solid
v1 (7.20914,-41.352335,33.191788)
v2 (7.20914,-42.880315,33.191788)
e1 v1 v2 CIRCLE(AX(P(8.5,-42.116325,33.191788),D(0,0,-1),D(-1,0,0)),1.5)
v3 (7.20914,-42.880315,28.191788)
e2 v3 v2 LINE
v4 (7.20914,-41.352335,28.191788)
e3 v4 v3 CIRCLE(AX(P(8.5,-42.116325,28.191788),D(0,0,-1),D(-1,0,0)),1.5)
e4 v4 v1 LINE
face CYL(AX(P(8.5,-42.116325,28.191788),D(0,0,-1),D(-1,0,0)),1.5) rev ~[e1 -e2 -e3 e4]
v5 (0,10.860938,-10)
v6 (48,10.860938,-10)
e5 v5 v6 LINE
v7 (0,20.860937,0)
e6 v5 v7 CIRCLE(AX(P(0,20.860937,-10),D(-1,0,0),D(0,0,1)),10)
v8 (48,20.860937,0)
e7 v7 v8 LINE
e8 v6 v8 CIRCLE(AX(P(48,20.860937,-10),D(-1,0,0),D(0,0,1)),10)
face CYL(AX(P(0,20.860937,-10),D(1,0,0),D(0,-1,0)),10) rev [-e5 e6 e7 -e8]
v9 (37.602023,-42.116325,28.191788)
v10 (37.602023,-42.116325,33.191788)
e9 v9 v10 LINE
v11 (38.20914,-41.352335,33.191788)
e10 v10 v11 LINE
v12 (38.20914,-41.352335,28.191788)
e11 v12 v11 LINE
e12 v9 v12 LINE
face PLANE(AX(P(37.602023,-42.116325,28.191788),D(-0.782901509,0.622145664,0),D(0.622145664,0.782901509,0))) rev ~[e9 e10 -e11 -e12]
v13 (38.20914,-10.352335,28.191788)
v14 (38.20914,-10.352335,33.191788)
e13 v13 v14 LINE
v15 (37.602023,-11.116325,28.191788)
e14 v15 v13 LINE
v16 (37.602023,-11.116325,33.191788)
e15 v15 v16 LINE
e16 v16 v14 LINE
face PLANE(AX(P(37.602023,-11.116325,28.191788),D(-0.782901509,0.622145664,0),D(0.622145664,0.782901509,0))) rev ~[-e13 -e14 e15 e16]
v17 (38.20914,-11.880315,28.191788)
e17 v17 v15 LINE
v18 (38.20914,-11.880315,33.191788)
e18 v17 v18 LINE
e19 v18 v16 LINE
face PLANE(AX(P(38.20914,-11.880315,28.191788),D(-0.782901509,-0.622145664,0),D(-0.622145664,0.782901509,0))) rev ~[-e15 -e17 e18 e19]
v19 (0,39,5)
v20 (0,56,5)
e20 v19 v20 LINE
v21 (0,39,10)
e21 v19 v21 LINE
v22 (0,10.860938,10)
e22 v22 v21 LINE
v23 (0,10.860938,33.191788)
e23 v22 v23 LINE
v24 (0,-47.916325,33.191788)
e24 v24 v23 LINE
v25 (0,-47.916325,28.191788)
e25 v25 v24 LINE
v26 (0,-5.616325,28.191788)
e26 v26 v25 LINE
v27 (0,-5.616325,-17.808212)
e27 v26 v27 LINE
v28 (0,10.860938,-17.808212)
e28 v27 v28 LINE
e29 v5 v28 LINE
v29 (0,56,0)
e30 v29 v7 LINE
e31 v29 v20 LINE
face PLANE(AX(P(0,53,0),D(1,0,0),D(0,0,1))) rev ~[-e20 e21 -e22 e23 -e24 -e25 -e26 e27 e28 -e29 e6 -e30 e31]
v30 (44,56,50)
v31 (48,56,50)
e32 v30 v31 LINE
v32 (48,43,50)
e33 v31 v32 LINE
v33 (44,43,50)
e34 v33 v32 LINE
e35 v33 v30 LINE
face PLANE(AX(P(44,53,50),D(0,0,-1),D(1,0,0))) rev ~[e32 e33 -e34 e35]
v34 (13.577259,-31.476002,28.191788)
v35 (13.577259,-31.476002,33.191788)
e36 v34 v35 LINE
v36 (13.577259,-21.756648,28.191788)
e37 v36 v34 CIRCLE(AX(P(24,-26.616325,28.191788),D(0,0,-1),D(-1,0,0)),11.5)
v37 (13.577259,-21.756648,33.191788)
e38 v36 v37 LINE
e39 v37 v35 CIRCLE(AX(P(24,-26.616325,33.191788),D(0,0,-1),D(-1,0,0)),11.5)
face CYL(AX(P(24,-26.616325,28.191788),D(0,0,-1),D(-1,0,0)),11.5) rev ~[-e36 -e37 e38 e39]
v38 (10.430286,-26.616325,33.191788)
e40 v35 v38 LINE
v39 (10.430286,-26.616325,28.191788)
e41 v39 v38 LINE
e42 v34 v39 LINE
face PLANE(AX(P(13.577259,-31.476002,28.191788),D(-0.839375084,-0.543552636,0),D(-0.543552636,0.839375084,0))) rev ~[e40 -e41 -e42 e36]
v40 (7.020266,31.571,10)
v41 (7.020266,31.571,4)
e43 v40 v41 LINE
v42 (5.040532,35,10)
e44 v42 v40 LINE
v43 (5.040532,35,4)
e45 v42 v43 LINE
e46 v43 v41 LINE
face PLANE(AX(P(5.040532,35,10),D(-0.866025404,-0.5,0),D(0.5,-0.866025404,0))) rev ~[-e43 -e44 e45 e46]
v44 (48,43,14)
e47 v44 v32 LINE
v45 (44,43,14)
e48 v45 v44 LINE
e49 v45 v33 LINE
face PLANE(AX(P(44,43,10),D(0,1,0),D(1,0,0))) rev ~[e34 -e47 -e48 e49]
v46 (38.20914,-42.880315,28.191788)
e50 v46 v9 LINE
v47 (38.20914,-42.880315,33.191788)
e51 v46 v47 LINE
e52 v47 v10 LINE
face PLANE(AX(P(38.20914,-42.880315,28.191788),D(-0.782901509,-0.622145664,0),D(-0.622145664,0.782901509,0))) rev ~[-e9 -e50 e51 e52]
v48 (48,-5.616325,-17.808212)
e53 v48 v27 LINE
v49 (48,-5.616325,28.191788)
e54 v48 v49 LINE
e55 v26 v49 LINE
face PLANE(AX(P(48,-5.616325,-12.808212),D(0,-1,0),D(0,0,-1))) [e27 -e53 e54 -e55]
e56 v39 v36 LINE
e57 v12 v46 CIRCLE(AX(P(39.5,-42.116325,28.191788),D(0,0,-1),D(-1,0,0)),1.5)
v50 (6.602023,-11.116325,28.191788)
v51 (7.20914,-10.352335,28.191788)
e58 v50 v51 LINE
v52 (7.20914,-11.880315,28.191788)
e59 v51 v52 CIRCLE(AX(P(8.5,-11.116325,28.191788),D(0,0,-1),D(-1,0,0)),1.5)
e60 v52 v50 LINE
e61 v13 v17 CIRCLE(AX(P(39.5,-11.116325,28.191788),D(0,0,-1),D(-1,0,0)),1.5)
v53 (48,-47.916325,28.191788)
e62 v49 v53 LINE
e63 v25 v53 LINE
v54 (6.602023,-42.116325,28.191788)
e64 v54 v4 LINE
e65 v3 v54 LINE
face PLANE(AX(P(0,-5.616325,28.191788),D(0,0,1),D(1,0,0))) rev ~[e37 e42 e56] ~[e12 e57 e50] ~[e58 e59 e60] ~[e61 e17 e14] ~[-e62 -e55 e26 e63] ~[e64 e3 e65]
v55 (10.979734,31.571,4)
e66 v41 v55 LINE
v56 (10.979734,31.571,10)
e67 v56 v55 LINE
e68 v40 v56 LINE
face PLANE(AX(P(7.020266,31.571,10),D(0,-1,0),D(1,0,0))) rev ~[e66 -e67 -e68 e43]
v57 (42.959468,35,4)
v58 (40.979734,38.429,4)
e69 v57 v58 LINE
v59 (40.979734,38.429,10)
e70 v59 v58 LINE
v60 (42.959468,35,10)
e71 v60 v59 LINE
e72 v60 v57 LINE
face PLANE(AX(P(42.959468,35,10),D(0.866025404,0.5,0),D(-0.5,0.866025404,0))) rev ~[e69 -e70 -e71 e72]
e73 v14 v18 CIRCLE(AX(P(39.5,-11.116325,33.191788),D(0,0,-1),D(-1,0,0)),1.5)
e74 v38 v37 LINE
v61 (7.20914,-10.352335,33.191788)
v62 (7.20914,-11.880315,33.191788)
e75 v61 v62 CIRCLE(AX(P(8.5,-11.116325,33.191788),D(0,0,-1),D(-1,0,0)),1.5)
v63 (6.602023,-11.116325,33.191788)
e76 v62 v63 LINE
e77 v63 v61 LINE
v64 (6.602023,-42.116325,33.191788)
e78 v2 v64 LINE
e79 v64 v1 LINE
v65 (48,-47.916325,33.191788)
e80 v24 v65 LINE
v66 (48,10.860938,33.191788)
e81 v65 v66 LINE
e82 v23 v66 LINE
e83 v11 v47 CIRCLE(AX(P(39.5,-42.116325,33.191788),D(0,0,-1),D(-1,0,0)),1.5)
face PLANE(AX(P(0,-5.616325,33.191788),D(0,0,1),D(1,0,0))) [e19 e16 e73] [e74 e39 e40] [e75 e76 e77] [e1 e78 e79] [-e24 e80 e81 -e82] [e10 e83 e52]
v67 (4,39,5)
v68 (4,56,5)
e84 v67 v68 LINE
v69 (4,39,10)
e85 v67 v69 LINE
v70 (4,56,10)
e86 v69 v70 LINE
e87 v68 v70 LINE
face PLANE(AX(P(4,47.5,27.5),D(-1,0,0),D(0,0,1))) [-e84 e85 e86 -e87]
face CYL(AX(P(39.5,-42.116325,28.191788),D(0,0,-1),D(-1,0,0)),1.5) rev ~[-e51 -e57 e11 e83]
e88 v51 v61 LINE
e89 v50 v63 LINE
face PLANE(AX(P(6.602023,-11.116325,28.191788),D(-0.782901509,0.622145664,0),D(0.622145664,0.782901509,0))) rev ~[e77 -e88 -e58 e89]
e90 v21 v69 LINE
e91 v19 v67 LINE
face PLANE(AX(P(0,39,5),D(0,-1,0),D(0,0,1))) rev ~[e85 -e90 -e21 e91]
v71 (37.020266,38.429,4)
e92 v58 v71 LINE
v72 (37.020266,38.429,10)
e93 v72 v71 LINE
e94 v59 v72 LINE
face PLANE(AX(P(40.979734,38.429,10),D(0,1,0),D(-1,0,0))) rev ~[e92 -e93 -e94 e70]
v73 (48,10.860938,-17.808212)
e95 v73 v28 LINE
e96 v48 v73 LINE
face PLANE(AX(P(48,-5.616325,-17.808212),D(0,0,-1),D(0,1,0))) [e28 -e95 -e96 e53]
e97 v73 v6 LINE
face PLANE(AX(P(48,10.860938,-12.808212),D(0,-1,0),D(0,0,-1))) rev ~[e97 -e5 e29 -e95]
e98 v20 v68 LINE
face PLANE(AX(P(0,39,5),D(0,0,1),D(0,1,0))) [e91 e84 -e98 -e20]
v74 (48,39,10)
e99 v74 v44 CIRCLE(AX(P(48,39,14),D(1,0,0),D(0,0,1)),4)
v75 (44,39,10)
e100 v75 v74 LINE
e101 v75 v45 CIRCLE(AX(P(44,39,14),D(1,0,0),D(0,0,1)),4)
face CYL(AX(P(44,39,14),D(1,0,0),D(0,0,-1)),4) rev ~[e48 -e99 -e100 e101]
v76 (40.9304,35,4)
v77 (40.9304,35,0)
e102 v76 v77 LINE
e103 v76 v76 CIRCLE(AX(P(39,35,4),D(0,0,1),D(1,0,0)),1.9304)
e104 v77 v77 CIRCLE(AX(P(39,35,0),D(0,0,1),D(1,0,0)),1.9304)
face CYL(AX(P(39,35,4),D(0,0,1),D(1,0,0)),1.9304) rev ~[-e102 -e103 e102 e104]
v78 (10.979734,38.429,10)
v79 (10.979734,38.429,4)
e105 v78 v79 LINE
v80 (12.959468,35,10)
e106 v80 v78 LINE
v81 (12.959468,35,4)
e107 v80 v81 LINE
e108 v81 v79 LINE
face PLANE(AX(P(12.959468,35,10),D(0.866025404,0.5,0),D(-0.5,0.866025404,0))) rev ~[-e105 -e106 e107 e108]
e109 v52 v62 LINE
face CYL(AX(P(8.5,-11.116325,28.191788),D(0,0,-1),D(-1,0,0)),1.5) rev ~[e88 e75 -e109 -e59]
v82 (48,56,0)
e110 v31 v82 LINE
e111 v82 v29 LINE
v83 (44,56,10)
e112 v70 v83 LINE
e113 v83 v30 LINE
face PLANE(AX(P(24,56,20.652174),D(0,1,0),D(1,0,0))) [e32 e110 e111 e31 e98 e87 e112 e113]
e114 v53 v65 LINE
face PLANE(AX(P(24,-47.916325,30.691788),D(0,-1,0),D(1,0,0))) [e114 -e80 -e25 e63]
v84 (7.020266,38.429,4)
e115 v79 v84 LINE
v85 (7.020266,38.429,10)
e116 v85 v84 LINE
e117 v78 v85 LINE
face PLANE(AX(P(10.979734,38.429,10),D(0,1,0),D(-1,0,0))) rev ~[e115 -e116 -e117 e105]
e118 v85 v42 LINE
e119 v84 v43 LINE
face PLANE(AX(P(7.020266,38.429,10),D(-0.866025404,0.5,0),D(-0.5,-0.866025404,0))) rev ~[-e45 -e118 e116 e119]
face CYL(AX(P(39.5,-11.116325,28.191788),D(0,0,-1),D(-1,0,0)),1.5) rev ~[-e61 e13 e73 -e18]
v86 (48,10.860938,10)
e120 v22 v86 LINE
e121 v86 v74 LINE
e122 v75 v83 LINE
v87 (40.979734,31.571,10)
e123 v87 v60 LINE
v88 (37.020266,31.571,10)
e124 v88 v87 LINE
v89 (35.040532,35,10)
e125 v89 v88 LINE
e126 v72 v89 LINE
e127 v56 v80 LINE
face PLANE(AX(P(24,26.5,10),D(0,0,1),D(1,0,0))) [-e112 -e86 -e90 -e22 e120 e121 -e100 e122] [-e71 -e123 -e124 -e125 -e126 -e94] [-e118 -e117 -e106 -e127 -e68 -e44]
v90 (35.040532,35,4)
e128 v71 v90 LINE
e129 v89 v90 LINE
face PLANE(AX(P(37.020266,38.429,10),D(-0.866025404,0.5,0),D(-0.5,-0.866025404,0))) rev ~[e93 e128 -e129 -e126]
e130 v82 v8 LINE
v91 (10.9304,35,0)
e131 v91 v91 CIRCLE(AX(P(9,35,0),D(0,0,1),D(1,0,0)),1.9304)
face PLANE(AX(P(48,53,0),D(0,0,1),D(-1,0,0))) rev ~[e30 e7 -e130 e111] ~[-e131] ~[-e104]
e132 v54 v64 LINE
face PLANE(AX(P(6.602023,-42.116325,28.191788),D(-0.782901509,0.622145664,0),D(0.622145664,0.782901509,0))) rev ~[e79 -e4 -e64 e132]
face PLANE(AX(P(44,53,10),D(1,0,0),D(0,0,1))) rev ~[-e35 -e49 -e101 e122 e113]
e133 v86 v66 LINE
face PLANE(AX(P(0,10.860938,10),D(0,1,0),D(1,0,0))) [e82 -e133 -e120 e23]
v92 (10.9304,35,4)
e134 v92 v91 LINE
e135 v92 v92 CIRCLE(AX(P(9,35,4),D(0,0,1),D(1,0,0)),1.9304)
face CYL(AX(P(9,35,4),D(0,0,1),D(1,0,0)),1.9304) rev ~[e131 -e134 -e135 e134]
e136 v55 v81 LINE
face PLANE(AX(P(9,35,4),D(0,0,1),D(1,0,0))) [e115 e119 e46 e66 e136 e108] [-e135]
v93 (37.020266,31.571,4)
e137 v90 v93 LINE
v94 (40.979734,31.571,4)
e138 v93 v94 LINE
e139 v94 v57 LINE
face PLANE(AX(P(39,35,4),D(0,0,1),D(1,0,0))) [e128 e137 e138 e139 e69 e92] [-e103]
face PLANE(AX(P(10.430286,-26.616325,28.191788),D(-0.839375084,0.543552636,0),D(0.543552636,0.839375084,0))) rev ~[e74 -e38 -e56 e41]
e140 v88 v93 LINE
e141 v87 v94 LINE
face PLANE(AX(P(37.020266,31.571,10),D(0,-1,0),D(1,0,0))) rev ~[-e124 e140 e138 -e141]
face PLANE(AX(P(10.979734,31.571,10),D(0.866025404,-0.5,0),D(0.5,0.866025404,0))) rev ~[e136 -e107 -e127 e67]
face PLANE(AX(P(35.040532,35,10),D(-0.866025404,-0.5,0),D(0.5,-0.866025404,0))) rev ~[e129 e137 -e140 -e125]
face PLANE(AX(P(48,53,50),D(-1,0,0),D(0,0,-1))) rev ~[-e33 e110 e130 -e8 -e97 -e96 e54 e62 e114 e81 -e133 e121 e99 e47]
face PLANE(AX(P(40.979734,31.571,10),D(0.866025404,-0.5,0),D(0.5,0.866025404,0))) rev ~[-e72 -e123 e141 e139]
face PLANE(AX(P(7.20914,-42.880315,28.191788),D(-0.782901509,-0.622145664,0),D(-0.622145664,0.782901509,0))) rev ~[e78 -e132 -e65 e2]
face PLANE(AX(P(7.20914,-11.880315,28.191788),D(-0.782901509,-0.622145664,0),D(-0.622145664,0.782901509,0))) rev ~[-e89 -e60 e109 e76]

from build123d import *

# Parameters (mm, degrees)
SKETCH1_W            = 48
SKETCH1_H            = 53
BOSS_EXTRUDE1_DEPTH  = 10
SKETCH2_W            = 48
SKETCH2_H            = 5.616325
BOSS_EXTRUDE2_DEPTH  = 33.1917878
SKETCH4_W            = 4
SKETCH4_H            = 10
BOSS_EXTRUDE4_DEPTH  = 40
SKETCH5_W            = 48
SKETCH5_H            = 10.8609375
BOSS_EXTRUDE5_DEPTH  = 23.1917878
SKETCH6_W            = 48
SKETCH6_H            = 5
BOSS_EXTRUDE6_DEPTH  = 42.3
SKETCH7_W            = 12.8082122
SKETCH7_H            = 16.4772625
BOSS_EXTRUDE7_DEPTH  = 48
CUT_EXTRUDE1_REACH   = 84.426
SKETCH8_R            = 11.5
SKETCH8_R_2          = 1.5
FILLET1_R            = 10
FILLET2_R            = 4
SKETCH9_W            = 5
SKETCH9_H            = 16.4772625
BOSS_EXTRUDE9_DEPTH  = 48
CUT_EXTRUDE2_DEPTH   = 6
SKETCH11_R           = 1.9304
CUT_EXTRUDE3_DEPTH   = 6
BOSS_EXTRUDE11_DEPTH = 3
SKETCH14_W           = 45
SKETCH14_H           = 17
CUT_EXTRUDE4_DEPTH   = 4
CUT_EXTRUDE5_REACH   = 88.925


with BuildPart() as part:
    # Sketch1 → Boss-Extrude1 (new body)
    with BuildSketch(Plane.XY):
        with Locations((24, 26.5)):
            Rectangle(SKETCH1_W, SKETCH1_H)
    extrude(amount=BOSS_EXTRUDE1_DEPTH)

    # Sketch2 → Boss-Extrude2 (add)
    with BuildSketch(Plane(origin=(0, 0, 0), x_dir=(-1, 0, 0), z_dir=(0, 0, -1))):
        with Locations((-24, -2.8081625)):
            Rectangle(SKETCH2_W, SKETCH2_H)
    extrude(amount=-BOSS_EXTRUDE2_DEPTH)

    # Sketch4 → Boss-Extrude4 (add)
    with BuildSketch(Plane.XY.offset(10)):
        with Locations((2, 48)):
            Rectangle(SKETCH4_W, SKETCH4_H)
        with Locations((46, 48)):
            Rectangle(SKETCH4_W, SKETCH4_H)
    extrude(amount=BOSS_EXTRUDE4_DEPTH)

    # Sketch5 → Boss-Extrude5 (add)
    with BuildSketch(Plane.XY.offset(10)):
        with Locations((24, 5.43046875)):
            Rectangle(SKETCH5_W, SKETCH5_H)
    extrude(amount=BOSS_EXTRUDE5_DEPTH)

    # Sketch6 → Boss-Extrude6 (add)
    with BuildSketch(Plane.XZ.offset(5.616325)):
        with Locations((24, 30.6917878)):
            Rectangle(SKETCH6_W, SKETCH6_H)
    extrude(amount=BOSS_EXTRUDE6_DEPTH)

    # Sketch7 → Boss-Extrude7 (add)
    with BuildSketch(Plane.ZY):
        with Locations((-6.4041061, 2.62230625)):
            Rectangle(SKETCH7_W, SKETCH7_H)
    extrude(amount=-BOSS_EXTRUDE7_DEPTH)

    # Sketch8 → Cut-Extrude1 (cut, up to next)
    with BuildSketch(Plane(origin=(0, 0, 28.1917878), x_dir=(-1, 0, 0), z_dir=(0, 0, -1)), mode=Mode.PRIVATE) as cut_extrude1_sk1:
        with Locations((-24, -26.616325)):
            Circle(SKETCH8_R)
    cut_extrude1_tool1 = extrude(cut_extrude1_sk1.sketch, amount=-CUT_EXTRUDE1_REACH, mode=Mode.PRIVATE) & part.part
    # Sketch8 → Cut-Extrude1 (cut, up to next)
    with BuildSketch(Plane(origin=(0, 0, 28.1917878), x_dir=(-1, 0, 0), z_dir=(0, 0, -1)), mode=Mode.PRIVATE) as cut_extrude1_sk2:
        with Locations((-39.5, -11.116325)):
            Circle(SKETCH8_R_2)
    cut_extrude1_tool2 = extrude(cut_extrude1_sk2.sketch, amount=-CUT_EXTRUDE1_REACH, mode=Mode.PRIVATE) & part.part
    # Sketch8 → Cut-Extrude1 (cut, up to next)
    with BuildSketch(Plane(origin=(0, 0, 28.1917878), x_dir=(-1, 0, 0), z_dir=(0, 0, -1)), mode=Mode.PRIVATE) as cut_extrude1_sk3:
        with Locations((-39.5, -42.116325)):
            Circle(SKETCH8_R_2)
    cut_extrude1_tool3 = extrude(cut_extrude1_sk3.sketch, amount=-CUT_EXTRUDE1_REACH, mode=Mode.PRIVATE) & part.part
    # Sketch8 → Cut-Extrude1 (cut, up to next)
    with BuildSketch(Plane(origin=(0, 0, 28.1917878), x_dir=(-1, 0, 0), z_dir=(0, 0, -1)), mode=Mode.PRIVATE) as cut_extrude1_sk4:
        with Locations((-8.5, -11.116325)):
            Circle(SKETCH8_R_2)
    cut_extrude1_tool4 = extrude(cut_extrude1_sk4.sketch, amount=-CUT_EXTRUDE1_REACH, mode=Mode.PRIVATE) & part.part
    # Sketch8 → Cut-Extrude1 (cut, up to next)
    with BuildSketch(Plane(origin=(0, 0, 28.1917878), x_dir=(-1, 0, 0), z_dir=(0, 0, -1)), mode=Mode.PRIVATE) as cut_extrude1_sk5:
        with Locations((-8.5, -42.116325)):
            Circle(SKETCH8_R_2)
    cut_extrude1_tool5 = extrude(cut_extrude1_sk5.sketch, amount=-CUT_EXTRUDE1_REACH, mode=Mode.PRIVATE) & part.part
    add(cut_extrude1_tool1.solids().sort_by_distance((24, -26.616325, 28.191788))[0], mode=Mode.SUBTRACT)
    add(cut_extrude1_tool2.solids().sort_by_distance((39.5, -11.116325, 28.191788))[0], mode=Mode.SUBTRACT)
    add(cut_extrude1_tool3.solids().sort_by_distance((39.5, -42.116325, 28.191788))[0], mode=Mode.SUBTRACT)
    add(cut_extrude1_tool4.solids().sort_by_distance((8.5, -11.116325, 28.191788))[0], mode=Mode.SUBTRACT)
    add(cut_extrude1_tool5.solids().sort_by_distance((8.5, -42.116325, 28.191788))[0], mode=Mode.SUBTRACT)

    # Fillet1
    fillet1_edges = [part.edges().sort_by_distance(p)[0] for p in [
        (24, 10.8609375, 0),
    ]]
    fillet(fillet1_edges, radius=FILLET1_R)

    # Fillet2
    fillet2_edges = [part.edges().sort_by_distance(p)[0] for p in [
        (2, 43, 10),
        (46, 43, 10),
    ]]
    fillet(fillet2_edges, radius=FILLET2_R)

    # Sketch9 → Boss-Extrude9 (add)
    with BuildSketch(Plane(origin=(48, 0, 0), x_dir=(0, 0, -1), z_dir=(1, 0, 0))):
        with Locations((15.3082122, 2.62230625)):
            Rectangle(SKETCH9_W, SKETCH9_H)
    extrude(amount=-BOSS_EXTRUDE9_DEPTH)

    # Sketch10 → Cut-Extrude2 (cut)
    with BuildSketch(Plane.XY.offset(10)):
        Polygon((7.020265927, 38.429), (5.040531854, 35), (7.020265927, 31.571), (10.979734073, 31.571), (12.959468146, 35), (10.979734073, 38.429), align=None)
        Polygon((37.020265927, 31.571), (40.979734073, 31.571), (42.959468146, 35), (40.979734073, 38.429), (37.020265927, 38.429), (35.040531854, 35), align=None)
    extrude(amount=-CUT_EXTRUDE2_DEPTH, mode=Mode.SUBTRACT)

    # Sketch11 → Cut-Extrude3 (cut)
    with BuildSketch(Plane.XY.offset(4)):
        with Locations((9, 35)):
            Circle(SKETCH11_R)
        with Locations((39, 35)):
            Circle(SKETCH11_R)
    extrude(amount=-CUT_EXTRUDE3_DEPTH, mode=Mode.SUBTRACT)

    # Sketch12 → Boss-Extrude11 (add)
    with BuildSketch(Plane(origin=(0, 53, 0), x_dir=(1, 0, 0), z_dir=(0, 1, 0))):
        Polygon((0, 0), (0, -50), (4, -50), (4, -10), (44, -10), (44, -50), (48, -50), (48, 0), align=None)
    extrude(amount=BOSS_EXTRUDE11_DEPTH)

    # Sketch14 → Cut-Extrude4 (cut)
    with BuildSketch(Plane.ZY):
        with Locations((27.5, 47.5)):
            Rectangle(SKETCH14_W, SKETCH14_H)
    extrude(amount=-CUT_EXTRUDE4_DEPTH, mode=Mode.SUBTRACT)

    # Sketch15 → Cut-Extrude5 (cut, up to next)
    with BuildSketch(Plane(origin=(0, 0, 28.1917878), x_dir=(-1, 0, 0), z_dir=(0, 0, -1)), mode=Mode.PRIVATE) as cut_extrude5_sk1:
        with BuildLine():
            Line((-10.43028611, -26.616325), (-13.577258578, -21.756647928))
            ThreePointArc((-13.577258578, -21.756647928), (-12.772544225, -24.127502624), (-12.5, -26.616325))
            ThreePointArc((-12.5, -26.616325), (-12.772544225, -29.105147376), (-13.577258578, -31.476002072))
            Line((-13.577258578, -31.476002072), (-10.43028611, -26.616325))
        make_face()
    cut_extrude5_tool1 = extrude(cut_extrude5_sk1.sketch, amount=-CUT_EXTRUDE5_REACH, mode=Mode.PRIVATE) & part.part
    # Sketch15 → Cut-Extrude5 (cut, up to next)
    with BuildSketch(Plane(origin=(0, 0, 28.1917878), x_dir=(-1, 0, 0), z_dir=(0, 0, -1)), mode=Mode.PRIVATE) as cut_extrude5_sk2:
        with BuildLine():
            Line((-6.602022713, -11.116325), (-7.2091403, -10.352334664))
            ThreePointArc((-7.2091403, -10.352334664), (-7.053229536, -10.720275477), (-7, -11.116325))
            ThreePointArc((-7, -11.116325), (-7.053229536, -11.512374523), (-7.2091403, -11.880315336))
            Line((-7.2091403, -11.880315336), (-6.602022713, -11.116325))
        make_face()
    cut_extrude5_tool2 = extrude(cut_extrude5_sk2.sketch, amount=-CUT_EXTRUDE5_REACH, mode=Mode.PRIVATE) & part.part
    # Sketch15 → Cut-Extrude5 (cut, up to next)
    with BuildSketch(Plane(origin=(0, 0, 28.1917878), x_dir=(-1, 0, 0), z_dir=(0, 0, -1)), mode=Mode.PRIVATE) as cut_extrude5_sk3:
        with BuildLine():
            Line((-37.602022713, -11.116325), (-38.2091403, -10.352334664))
            ThreePointArc((-38.2091403, -10.352334664), (-38.053229536, -10.720275477), (-38, -11.116325))
            ThreePointArc((-38, -11.116325), (-38.053229536, -11.512374523), (-38.2091403, -11.880315336))
            Line((-38.2091403, -11.880315336), (-37.602022713, -11.116325))
        make_face()
    cut_extrude5_tool3 = extrude(cut_extrude5_sk3.sketch, amount=-CUT_EXTRUDE5_REACH, mode=Mode.PRIVATE) & part.part
    # Sketch15 → Cut-Extrude5 (cut, up to next)
    with BuildSketch(Plane(origin=(0, 0, 28.1917878), x_dir=(-1, 0, 0), z_dir=(0, 0, -1)), mode=Mode.PRIVATE) as cut_extrude5_sk4:
        with BuildLine():
            Line((-37.602022713, -42.116325), (-38.2091403, -41.352334664))
            ThreePointArc((-38.2091403, -41.352334664), (-38.053229536, -41.720275477), (-38, -42.116325))
            ThreePointArc((-38, -42.116325), (-38.053229536, -42.512374523), (-38.2091403, -42.880315336))
            Line((-38.2091403, -42.880315336), (-37.602022713, -42.116325))
        make_face()
    cut_extrude5_tool4 = extrude(cut_extrude5_sk4.sketch, amount=-CUT_EXTRUDE5_REACH, mode=Mode.PRIVATE) & part.part
    # Sketch15 → Cut-Extrude5 (cut, up to next)
    with BuildSketch(Plane(origin=(0, 0, 28.1917878), x_dir=(-1, 0, 0), z_dir=(0, 0, -1)), mode=Mode.PRIVATE) as cut_extrude5_sk5:
        with BuildLine():
            Line((-6.602022713, -42.116325), (-7.2091403, -41.352334664))
            ThreePointArc((-7.2091403, -41.352334664), (-7.053229536, -41.720275477), (-7, -42.116325))
            ThreePointArc((-7, -42.116325), (-7.053229536, -42.512374523), (-7.2091403, -42.880315336))
            Line((-7.2091403, -42.880315336), (-6.602022713, -42.116325))
        make_face()
    cut_extrude5_tool5 = extrude(cut_extrude5_sk5.sketch, amount=-CUT_EXTRUDE5_REACH, mode=Mode.PRIVATE) & part.part
    add(cut_extrude5_tool1.solids().sort_by_distance((12.00141, -26.616325, 28.191788))[0], mode=Mode.SUBTRACT)
    add(cut_extrude5_tool2.solids().sort_by_distance((6.903574, -11.116325, 28.191788))[0], mode=Mode.SUBTRACT)
    add(cut_extrude5_tool3.solids().sort_by_distance((37.903574, -11.116325, 28.191788))[0], mode=Mode.SUBTRACT)
    add(cut_extrude5_tool4.solids().sort_by_distance((37.903574, -42.116325, 28.191788))[0], mode=Mode.SUBTRACT)
    add(cut_extrude5_tool5.solids().sort_by_distance((6.903574, -42.116325, 28.191788))[0], mode=Mode.SUBTRACT)


solid = part.part
